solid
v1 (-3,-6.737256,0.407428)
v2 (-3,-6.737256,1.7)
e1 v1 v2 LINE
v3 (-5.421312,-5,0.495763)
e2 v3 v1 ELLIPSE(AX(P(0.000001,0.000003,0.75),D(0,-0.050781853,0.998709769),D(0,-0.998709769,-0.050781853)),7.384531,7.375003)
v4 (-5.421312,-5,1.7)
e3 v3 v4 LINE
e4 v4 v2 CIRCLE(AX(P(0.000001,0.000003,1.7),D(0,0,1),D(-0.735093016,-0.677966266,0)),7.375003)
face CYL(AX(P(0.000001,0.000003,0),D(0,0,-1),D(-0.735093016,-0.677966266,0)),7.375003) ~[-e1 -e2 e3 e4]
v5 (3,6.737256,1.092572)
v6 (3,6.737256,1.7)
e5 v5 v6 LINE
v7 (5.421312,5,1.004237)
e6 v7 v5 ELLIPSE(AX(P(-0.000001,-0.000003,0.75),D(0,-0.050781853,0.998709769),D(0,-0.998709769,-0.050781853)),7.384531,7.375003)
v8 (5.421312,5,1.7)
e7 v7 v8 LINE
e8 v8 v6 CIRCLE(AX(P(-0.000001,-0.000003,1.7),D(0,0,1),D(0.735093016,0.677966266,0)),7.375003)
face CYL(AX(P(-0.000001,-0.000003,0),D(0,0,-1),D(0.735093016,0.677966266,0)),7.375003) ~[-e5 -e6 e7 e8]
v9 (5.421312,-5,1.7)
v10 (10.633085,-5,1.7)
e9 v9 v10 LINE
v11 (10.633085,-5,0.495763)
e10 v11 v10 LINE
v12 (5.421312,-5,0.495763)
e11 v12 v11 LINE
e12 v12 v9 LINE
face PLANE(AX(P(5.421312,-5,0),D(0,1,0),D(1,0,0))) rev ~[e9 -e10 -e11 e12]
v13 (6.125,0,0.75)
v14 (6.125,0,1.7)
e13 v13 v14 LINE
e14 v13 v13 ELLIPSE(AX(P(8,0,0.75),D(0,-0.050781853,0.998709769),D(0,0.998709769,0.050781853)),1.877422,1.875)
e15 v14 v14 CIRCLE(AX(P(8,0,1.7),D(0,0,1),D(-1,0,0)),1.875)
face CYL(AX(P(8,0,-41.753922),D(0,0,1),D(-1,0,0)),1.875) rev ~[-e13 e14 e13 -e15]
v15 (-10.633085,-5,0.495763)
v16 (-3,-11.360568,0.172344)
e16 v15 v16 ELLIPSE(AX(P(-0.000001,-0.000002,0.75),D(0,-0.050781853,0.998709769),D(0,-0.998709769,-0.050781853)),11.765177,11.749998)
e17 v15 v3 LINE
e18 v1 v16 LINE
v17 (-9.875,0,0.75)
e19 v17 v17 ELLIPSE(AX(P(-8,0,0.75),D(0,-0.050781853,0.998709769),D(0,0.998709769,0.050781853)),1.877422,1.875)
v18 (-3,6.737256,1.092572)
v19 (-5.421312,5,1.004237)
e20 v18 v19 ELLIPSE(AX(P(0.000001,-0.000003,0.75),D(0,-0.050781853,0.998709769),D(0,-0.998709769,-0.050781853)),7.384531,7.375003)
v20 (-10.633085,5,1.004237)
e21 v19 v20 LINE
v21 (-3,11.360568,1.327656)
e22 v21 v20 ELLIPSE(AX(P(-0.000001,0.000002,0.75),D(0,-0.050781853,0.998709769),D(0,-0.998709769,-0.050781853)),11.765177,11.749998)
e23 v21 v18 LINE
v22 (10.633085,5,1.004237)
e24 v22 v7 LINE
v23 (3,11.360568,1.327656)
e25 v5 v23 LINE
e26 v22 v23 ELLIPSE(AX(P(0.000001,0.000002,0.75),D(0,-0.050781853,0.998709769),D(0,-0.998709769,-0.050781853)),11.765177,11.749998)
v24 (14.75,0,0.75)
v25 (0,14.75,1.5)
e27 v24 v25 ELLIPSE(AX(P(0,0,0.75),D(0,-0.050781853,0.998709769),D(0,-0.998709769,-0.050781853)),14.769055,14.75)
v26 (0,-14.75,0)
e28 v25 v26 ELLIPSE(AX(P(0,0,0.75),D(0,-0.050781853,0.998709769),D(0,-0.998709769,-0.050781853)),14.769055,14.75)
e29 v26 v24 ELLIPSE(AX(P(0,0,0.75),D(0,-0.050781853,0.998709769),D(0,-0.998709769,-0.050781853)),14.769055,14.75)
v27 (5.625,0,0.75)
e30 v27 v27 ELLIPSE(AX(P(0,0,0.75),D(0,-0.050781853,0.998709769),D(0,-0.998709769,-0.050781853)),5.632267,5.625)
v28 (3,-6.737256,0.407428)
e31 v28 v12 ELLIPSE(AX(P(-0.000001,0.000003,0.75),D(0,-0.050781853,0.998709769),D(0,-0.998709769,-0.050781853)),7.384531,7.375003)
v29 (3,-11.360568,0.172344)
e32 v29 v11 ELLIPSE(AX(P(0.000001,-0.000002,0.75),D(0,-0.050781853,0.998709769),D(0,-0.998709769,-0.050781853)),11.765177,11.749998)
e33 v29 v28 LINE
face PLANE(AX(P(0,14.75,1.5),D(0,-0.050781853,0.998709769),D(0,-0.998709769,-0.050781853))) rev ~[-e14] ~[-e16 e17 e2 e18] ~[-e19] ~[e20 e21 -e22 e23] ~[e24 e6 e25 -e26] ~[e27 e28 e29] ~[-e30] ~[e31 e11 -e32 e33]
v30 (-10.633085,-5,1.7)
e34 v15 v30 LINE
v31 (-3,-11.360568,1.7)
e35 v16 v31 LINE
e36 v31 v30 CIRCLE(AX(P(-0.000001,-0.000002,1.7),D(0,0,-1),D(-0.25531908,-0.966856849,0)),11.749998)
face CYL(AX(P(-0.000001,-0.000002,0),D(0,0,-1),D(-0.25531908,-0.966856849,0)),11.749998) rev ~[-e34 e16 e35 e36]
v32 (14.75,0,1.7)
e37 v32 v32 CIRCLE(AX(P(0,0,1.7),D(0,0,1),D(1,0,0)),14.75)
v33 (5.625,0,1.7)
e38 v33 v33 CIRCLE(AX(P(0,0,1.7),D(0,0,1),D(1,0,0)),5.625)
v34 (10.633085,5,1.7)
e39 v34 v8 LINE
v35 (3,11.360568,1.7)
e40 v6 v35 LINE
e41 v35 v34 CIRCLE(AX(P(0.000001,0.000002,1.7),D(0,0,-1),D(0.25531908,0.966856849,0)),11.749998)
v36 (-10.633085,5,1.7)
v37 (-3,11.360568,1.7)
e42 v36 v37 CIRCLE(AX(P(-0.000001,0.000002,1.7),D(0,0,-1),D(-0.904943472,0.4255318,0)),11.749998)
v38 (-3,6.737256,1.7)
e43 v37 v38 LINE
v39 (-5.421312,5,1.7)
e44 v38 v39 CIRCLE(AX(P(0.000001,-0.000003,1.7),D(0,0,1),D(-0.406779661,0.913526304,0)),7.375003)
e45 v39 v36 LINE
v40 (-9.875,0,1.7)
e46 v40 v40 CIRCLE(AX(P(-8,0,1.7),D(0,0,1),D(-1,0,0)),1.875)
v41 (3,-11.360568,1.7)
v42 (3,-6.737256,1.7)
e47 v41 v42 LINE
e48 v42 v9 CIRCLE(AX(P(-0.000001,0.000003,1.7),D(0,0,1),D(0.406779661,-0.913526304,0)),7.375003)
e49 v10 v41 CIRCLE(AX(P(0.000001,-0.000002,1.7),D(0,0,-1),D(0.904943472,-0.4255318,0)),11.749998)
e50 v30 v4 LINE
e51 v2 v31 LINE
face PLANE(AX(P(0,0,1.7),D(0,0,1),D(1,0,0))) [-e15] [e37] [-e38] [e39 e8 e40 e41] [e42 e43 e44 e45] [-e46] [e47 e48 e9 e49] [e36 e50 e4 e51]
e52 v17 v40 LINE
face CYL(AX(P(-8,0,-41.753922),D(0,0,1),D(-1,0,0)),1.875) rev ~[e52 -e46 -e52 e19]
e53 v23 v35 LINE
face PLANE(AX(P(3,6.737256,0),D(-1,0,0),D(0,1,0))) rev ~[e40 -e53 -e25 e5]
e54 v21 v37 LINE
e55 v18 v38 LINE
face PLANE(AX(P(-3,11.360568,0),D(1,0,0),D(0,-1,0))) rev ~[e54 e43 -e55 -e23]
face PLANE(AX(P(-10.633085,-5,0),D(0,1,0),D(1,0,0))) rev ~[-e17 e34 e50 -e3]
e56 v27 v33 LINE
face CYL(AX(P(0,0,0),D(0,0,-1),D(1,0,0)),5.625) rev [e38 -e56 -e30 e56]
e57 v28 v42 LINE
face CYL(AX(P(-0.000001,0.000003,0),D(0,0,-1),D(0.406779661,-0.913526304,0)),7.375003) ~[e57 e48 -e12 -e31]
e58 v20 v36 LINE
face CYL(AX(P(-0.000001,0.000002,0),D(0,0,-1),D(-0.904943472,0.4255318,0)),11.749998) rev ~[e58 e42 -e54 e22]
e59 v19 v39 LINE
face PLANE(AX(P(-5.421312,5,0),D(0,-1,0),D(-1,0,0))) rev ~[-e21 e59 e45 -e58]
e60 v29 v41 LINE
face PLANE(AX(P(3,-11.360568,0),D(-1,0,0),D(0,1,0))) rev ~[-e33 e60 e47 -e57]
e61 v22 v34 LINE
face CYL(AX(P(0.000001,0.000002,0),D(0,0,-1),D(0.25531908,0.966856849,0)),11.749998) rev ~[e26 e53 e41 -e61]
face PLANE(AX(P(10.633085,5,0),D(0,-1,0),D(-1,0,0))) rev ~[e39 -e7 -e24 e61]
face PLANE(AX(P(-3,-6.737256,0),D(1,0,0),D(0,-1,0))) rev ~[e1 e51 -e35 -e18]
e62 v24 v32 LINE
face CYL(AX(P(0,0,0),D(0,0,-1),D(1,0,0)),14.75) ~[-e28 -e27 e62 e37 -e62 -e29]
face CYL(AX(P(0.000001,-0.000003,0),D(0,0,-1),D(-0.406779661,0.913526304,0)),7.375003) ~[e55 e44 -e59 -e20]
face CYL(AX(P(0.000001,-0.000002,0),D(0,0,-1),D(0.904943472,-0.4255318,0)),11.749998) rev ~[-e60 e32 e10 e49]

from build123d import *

# Parameters (mm, degrees)
F0_R     = 14.75
F0_R_2   = 5.625
F1_DEPTH = 1.7
F2_D     = 3.75
F4_DEPTH = 15


with BuildPart() as f1:
    # F0 (on Top) → F1 (new body)
    with BuildSketch(Plane.XY):
        Circle(F0_R)
        with BuildLine():
            ThreePointArc((10.633085, 5), (11.467372, 2.561616), (11.75, 0))
            ThreePointArc((11.75, 0), (11.467372, -2.561616), (10.633085, -5))
            ThreePointArc((10.633085, -5), (7.521932, -9.026796), (3, -11.360568))
            ThreePointArc((3, -11.360568), (0, -11.75), (-3, -11.360568))
            ThreePointArc((-3, -11.360568), (-7.521932, -9.026796), (-10.633085, -5))
            ThreePointArc((-10.633085, -5), (-11.75, 0), (-10.633085, 5))
            ThreePointArc((-10.633085, 5), (-7.521932, 9.026796), (-3, 11.360568))
            ThreePointArc((-3, 11.360568), (0, 11.75), (3, 11.360568))
            ThreePointArc((3, 11.360568), (7.521932, 9.026796), (10.633085, 5))
        make_face(mode=Mode.SUBTRACT)
        with BuildLine():
            ThreePointArc((7.375, 0), (6.869236, 2.684069), (5.421312, 5))
            ThreePointArc((5.421312, 5), (4.299318, 5.992202), (3, 6.737256))
            ThreePointArc((3, 6.737256), (0, 7.375), (-3, 6.737256))
            ThreePointArc((-3, 6.737256), (-4.299318, 5.992202), (-5.421312, 5))
            ThreePointArc((-5.421312, 5), (-7.375, 0), (-5.421312, -5))
            ThreePointArc((-5.421312, -5), (-4.299318, -5.992202), (-3, -6.737256))
            ThreePointArc((-3, -6.737256), (0, -7.375), (3, -6.737256))
            ThreePointArc((3, -6.737256), (4.299318, -5.992202), (5.421312, -5))
            ThreePointArc((5.421312, -5), (6.869236, -2.684069), (7.375, 0))
        make_face()
        Circle(F0_R_2, mode=Mode.SUBTRACT)
        with BuildLine():
            Line((3, 6.737256), (3, 11.360568))
            ThreePointArc((3, 11.360568), (0, 11.75), (-3, 11.360568))
            Line((-3, 11.360568), (-3, 6.737256))
            ThreePointArc((-3, 6.737256), (0, 7.375), (3, 6.737256))
        make_face()
        with BuildLine():
            ThreePointArc((-3, -11.360568), (0, -11.75), (3, -11.360568))
            Line((3, -11.360568), (3, -6.737256))
            ThreePointArc((3, -6.737256), (0, -7.375), (-3, -6.737256))
            Line((-3, -6.737256), (-3, -11.360568))
        make_face()
        with BuildLine():
            ThreePointArc((10.633085, -5), (11.467372, -2.561616), (11.75, 0))
            ThreePointArc((11.75, 0), (11.467372, 2.561616), (10.633085, 5))
            Line((10.633085, 5), (5.421312, 5))
            ThreePointArc((5.421312, 5), (6.869236, 2.684069), (7.375, 0))
            ThreePointArc((7.375, 0), (6.869236, -2.684069), (5.421312, -5))
            Line((5.421312, -5), (10.633085, -5))
        make_face()
        with BuildLine():
            Line((-5.421312, 5), (-10.633085, 5))
            ThreePointArc((-10.633085, 5), (-11.75, 0), (-10.633085, -5))
            Line((-10.633085, -5), (-5.421312, -5))
            ThreePointArc((-5.421312, -5), (-7.375, 0), (-5.421312, 5))
        make_face()
    extrude(amount=F1_DEPTH)

    # F2 (through all)
    with Locations(Plane(origin=(0, 0, 0), x_dir=(1, 0, 0), z_dir=(0, 0, -1))):
        with Locations((-8, 0), (8, 0)):
            Hole(F2_D / 2)

    # F3 (on Right) → F4 (cut, symmetric)
    with BuildSketch(Plane.YZ):
        Polygon((14.75, 1.5), (-14.75, 0), (14.75, 0), align=None)
    extrude(amount=F4_DEPTH, both=True, mode=Mode.SUBTRACT)


solid = f1.part
